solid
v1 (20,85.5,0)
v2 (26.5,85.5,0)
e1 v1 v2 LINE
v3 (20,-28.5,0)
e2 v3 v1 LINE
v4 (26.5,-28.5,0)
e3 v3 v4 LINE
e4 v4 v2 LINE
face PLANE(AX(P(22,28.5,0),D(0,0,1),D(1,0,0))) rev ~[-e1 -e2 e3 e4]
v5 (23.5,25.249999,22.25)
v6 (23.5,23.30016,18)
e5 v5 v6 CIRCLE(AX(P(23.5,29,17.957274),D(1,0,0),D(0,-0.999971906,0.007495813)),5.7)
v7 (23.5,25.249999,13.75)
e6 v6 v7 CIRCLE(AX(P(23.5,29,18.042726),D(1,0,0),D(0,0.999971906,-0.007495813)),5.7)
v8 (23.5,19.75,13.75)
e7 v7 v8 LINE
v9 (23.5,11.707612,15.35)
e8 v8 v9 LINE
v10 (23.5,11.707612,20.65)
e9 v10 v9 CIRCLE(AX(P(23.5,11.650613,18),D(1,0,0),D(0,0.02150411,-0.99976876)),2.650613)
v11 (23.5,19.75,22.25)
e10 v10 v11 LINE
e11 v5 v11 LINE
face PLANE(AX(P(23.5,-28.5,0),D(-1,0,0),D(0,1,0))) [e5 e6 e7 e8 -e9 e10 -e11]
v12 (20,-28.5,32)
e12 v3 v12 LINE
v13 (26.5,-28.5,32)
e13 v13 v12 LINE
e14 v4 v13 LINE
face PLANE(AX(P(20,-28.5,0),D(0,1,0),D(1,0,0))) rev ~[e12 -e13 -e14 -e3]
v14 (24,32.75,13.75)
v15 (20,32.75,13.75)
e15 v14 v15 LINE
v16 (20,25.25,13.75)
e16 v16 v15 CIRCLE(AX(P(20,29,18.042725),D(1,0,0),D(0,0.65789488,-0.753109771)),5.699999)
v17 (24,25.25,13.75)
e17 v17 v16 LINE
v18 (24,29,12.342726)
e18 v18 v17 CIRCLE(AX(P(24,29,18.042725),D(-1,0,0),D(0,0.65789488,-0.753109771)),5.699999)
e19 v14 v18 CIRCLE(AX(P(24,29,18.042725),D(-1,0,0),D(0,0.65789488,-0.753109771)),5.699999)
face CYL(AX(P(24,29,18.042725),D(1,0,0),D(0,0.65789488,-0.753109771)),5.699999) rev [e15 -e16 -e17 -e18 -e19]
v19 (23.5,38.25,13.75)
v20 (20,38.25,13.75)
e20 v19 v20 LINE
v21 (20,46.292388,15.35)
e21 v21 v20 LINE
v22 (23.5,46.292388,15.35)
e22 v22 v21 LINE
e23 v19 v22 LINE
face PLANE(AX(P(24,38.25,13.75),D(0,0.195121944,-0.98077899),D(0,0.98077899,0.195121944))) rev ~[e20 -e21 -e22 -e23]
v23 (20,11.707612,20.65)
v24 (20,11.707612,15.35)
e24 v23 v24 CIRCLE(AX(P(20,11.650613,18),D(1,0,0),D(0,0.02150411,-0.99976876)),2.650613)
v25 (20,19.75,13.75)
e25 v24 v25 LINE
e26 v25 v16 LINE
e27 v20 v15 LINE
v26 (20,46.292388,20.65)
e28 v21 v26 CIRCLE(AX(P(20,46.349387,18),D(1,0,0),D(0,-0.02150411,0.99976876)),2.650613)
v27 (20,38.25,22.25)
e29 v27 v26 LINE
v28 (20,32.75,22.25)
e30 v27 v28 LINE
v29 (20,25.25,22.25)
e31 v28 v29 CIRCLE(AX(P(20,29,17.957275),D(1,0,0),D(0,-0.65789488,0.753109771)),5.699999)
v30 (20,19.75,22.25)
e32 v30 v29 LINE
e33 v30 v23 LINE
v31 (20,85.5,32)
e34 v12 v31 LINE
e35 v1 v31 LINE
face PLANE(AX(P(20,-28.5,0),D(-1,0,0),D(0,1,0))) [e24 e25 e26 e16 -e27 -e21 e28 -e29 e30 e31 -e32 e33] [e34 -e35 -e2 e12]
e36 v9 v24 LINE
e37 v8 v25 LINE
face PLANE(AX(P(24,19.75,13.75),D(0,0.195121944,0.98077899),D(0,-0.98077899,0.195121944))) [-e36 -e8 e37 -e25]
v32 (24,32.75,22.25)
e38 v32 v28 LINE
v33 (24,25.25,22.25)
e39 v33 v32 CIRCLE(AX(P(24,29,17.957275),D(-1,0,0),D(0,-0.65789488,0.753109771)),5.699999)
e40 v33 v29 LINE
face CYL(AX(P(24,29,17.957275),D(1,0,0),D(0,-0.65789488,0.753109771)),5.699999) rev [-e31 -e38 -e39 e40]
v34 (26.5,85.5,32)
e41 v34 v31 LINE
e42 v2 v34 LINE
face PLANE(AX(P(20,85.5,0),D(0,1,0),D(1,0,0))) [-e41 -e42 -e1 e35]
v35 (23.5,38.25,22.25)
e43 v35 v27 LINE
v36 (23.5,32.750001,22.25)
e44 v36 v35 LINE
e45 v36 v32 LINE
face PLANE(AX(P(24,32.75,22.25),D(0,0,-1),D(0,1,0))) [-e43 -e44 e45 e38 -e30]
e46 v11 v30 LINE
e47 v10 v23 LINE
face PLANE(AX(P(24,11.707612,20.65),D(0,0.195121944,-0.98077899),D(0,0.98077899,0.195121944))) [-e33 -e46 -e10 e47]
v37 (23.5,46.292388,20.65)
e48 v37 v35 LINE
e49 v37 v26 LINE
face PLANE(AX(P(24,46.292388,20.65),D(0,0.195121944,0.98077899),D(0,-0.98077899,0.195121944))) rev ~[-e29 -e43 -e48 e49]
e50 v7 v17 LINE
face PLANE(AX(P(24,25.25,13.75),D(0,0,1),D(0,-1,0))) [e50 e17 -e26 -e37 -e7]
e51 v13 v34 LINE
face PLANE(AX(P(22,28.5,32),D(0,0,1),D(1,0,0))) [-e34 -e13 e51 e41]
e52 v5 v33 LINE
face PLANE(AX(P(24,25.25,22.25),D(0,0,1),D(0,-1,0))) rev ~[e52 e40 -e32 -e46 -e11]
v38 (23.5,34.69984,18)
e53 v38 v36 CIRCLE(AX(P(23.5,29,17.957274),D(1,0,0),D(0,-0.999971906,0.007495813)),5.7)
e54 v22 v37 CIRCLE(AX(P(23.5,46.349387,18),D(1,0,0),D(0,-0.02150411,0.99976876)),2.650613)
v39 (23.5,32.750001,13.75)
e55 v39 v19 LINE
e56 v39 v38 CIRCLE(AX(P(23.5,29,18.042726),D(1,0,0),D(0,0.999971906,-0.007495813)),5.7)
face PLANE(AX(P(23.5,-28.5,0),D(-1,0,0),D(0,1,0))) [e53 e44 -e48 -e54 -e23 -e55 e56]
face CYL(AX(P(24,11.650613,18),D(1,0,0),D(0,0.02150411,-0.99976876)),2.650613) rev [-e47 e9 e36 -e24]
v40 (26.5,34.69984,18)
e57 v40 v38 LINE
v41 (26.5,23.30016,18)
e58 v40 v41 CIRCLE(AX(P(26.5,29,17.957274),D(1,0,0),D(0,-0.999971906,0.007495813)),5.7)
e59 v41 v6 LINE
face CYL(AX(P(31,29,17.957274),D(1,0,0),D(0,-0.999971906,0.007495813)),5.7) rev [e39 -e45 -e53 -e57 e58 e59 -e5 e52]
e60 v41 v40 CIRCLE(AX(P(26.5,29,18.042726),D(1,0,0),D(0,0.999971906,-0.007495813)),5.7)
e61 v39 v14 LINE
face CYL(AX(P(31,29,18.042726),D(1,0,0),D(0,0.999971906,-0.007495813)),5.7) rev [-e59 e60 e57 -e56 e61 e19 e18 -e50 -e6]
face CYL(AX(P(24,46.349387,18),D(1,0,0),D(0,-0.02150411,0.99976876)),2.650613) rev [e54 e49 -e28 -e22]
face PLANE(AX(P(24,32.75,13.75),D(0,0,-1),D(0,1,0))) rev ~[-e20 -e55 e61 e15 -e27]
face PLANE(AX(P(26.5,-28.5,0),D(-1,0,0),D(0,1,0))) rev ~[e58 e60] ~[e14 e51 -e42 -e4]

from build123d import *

# Parameters (mm, degrees)
PAD022_DEPTH            = 10
BODY022_PLACEMENT_ANGLE = 90
BOX012_W                = 3
BOX012_H                = 114
BOX012_DEPTH            = 32
PAD021_DEPTH            = 5
BODY021_PLACEMENT_ANGLE = 90
BOX011_W                = 4
BOX011_H                = 114
BOX011_DEPTH            = 32


with BuildPart() as lever007:
    # Sketch022 → Pad022 (new body)
    with BuildSketch(Plane.XY):
        with BuildLine():
            ThreePointArc((0, 5.69984), (-5.657274, 0), (0, -5.69984))
            ThreePointArc((0, -5.69984), (5.657274, 0), (0, 5.69984))
        make_face()
    extrude(amount=PAD022_DEPTH)


with BuildPart() as lever007_1:
    # Body022 placement: moved
    add(lever007.part.moved(Location((31, 29, 18))).rotate(Axis((31, 29, 18), (0, -1, 0)), BODY022_PLACEMENT_ANGLE))


with BuildPart() as cut029:
    # Box012 → Box012 (new body)
    with BuildSketch(Plane(origin=(23.5, -28.5, 0), x_dir=(1, 0, 0), z_dir=(0, 0, 1))):
        with Locations((1.5, 57)):
            Rectangle(BOX012_W, BOX012_H)
    extrude(amount=BOX012_DEPTH)

    # Cut029: cut Lever007
    add(lever007_1.part, mode=Mode.SUBTRACT)


with BuildPart() as lever006:
    # Sketch021 → Pad021 (new body)
    with BuildSketch(Plane.XY):
        with BuildLine():
            Line((-4.25, 3.75), (-4.25, 9.25))
            Line((-4.25, 9.25), (-2.65, 17.292388))
            ThreePointArc((2.65, 17.292388), (0, 20), (-2.65, 17.292388))
            Line((2.65, 17.292388), (4.25, 9.25))
            Line((4.25, 3.75), (4.25, 9.25))
            ThreePointArc((4.25, -3.75), (5.657274, 0), (4.25, 3.75))
            Line((4.25, -3.75), (4.25, -9.25))
            Line((2.65, -17.292388), (4.25, -9.25))
            ThreePointArc((-2.65, -17.292388), (0, -20), (2.65, -17.292388))
            Line((-4.25, -9.25), (-2.65, -17.292388))
            Line((-4.25, -3.75), (-4.25, -9.25))
            ThreePointArc((-4.25, 3.75), (-5.657274, 0), (-4.25, -3.75))
        make_face()
    extrude(amount=PAD021_DEPTH)


with BuildPart() as lever006_1:
    # Body021 placement: moved
    add(lever006.part.moved(Location((25, 29, 18))).rotate(Axis((25, 29, 18), (0, -1, 0)), BODY021_PLACEMENT_ANGLE))


with BuildPart() as fusion045:
    # Box011 → Box011 (new body)
    with BuildSketch(Plane(origin=(21, -28.5, 0), x_dir=(1, 0, 0), z_dir=(0, 0, 1))):
        with Locations((2, 57)):
            Rectangle(BOX011_W, BOX011_H)
    extrude(amount=BOX011_DEPTH)

    # Cut030: cut Lever006
    add(lever006_1.part, mode=Mode.SUBTRACT)


with BuildPart() as fusion045_1:
    # Cut030 placement: moved
    add(fusion045.part.moved(Location((-1, 0, 0))))

    # Fusion045: union Cut029
    add(cut029.part)


solid = fusion045_1.part
